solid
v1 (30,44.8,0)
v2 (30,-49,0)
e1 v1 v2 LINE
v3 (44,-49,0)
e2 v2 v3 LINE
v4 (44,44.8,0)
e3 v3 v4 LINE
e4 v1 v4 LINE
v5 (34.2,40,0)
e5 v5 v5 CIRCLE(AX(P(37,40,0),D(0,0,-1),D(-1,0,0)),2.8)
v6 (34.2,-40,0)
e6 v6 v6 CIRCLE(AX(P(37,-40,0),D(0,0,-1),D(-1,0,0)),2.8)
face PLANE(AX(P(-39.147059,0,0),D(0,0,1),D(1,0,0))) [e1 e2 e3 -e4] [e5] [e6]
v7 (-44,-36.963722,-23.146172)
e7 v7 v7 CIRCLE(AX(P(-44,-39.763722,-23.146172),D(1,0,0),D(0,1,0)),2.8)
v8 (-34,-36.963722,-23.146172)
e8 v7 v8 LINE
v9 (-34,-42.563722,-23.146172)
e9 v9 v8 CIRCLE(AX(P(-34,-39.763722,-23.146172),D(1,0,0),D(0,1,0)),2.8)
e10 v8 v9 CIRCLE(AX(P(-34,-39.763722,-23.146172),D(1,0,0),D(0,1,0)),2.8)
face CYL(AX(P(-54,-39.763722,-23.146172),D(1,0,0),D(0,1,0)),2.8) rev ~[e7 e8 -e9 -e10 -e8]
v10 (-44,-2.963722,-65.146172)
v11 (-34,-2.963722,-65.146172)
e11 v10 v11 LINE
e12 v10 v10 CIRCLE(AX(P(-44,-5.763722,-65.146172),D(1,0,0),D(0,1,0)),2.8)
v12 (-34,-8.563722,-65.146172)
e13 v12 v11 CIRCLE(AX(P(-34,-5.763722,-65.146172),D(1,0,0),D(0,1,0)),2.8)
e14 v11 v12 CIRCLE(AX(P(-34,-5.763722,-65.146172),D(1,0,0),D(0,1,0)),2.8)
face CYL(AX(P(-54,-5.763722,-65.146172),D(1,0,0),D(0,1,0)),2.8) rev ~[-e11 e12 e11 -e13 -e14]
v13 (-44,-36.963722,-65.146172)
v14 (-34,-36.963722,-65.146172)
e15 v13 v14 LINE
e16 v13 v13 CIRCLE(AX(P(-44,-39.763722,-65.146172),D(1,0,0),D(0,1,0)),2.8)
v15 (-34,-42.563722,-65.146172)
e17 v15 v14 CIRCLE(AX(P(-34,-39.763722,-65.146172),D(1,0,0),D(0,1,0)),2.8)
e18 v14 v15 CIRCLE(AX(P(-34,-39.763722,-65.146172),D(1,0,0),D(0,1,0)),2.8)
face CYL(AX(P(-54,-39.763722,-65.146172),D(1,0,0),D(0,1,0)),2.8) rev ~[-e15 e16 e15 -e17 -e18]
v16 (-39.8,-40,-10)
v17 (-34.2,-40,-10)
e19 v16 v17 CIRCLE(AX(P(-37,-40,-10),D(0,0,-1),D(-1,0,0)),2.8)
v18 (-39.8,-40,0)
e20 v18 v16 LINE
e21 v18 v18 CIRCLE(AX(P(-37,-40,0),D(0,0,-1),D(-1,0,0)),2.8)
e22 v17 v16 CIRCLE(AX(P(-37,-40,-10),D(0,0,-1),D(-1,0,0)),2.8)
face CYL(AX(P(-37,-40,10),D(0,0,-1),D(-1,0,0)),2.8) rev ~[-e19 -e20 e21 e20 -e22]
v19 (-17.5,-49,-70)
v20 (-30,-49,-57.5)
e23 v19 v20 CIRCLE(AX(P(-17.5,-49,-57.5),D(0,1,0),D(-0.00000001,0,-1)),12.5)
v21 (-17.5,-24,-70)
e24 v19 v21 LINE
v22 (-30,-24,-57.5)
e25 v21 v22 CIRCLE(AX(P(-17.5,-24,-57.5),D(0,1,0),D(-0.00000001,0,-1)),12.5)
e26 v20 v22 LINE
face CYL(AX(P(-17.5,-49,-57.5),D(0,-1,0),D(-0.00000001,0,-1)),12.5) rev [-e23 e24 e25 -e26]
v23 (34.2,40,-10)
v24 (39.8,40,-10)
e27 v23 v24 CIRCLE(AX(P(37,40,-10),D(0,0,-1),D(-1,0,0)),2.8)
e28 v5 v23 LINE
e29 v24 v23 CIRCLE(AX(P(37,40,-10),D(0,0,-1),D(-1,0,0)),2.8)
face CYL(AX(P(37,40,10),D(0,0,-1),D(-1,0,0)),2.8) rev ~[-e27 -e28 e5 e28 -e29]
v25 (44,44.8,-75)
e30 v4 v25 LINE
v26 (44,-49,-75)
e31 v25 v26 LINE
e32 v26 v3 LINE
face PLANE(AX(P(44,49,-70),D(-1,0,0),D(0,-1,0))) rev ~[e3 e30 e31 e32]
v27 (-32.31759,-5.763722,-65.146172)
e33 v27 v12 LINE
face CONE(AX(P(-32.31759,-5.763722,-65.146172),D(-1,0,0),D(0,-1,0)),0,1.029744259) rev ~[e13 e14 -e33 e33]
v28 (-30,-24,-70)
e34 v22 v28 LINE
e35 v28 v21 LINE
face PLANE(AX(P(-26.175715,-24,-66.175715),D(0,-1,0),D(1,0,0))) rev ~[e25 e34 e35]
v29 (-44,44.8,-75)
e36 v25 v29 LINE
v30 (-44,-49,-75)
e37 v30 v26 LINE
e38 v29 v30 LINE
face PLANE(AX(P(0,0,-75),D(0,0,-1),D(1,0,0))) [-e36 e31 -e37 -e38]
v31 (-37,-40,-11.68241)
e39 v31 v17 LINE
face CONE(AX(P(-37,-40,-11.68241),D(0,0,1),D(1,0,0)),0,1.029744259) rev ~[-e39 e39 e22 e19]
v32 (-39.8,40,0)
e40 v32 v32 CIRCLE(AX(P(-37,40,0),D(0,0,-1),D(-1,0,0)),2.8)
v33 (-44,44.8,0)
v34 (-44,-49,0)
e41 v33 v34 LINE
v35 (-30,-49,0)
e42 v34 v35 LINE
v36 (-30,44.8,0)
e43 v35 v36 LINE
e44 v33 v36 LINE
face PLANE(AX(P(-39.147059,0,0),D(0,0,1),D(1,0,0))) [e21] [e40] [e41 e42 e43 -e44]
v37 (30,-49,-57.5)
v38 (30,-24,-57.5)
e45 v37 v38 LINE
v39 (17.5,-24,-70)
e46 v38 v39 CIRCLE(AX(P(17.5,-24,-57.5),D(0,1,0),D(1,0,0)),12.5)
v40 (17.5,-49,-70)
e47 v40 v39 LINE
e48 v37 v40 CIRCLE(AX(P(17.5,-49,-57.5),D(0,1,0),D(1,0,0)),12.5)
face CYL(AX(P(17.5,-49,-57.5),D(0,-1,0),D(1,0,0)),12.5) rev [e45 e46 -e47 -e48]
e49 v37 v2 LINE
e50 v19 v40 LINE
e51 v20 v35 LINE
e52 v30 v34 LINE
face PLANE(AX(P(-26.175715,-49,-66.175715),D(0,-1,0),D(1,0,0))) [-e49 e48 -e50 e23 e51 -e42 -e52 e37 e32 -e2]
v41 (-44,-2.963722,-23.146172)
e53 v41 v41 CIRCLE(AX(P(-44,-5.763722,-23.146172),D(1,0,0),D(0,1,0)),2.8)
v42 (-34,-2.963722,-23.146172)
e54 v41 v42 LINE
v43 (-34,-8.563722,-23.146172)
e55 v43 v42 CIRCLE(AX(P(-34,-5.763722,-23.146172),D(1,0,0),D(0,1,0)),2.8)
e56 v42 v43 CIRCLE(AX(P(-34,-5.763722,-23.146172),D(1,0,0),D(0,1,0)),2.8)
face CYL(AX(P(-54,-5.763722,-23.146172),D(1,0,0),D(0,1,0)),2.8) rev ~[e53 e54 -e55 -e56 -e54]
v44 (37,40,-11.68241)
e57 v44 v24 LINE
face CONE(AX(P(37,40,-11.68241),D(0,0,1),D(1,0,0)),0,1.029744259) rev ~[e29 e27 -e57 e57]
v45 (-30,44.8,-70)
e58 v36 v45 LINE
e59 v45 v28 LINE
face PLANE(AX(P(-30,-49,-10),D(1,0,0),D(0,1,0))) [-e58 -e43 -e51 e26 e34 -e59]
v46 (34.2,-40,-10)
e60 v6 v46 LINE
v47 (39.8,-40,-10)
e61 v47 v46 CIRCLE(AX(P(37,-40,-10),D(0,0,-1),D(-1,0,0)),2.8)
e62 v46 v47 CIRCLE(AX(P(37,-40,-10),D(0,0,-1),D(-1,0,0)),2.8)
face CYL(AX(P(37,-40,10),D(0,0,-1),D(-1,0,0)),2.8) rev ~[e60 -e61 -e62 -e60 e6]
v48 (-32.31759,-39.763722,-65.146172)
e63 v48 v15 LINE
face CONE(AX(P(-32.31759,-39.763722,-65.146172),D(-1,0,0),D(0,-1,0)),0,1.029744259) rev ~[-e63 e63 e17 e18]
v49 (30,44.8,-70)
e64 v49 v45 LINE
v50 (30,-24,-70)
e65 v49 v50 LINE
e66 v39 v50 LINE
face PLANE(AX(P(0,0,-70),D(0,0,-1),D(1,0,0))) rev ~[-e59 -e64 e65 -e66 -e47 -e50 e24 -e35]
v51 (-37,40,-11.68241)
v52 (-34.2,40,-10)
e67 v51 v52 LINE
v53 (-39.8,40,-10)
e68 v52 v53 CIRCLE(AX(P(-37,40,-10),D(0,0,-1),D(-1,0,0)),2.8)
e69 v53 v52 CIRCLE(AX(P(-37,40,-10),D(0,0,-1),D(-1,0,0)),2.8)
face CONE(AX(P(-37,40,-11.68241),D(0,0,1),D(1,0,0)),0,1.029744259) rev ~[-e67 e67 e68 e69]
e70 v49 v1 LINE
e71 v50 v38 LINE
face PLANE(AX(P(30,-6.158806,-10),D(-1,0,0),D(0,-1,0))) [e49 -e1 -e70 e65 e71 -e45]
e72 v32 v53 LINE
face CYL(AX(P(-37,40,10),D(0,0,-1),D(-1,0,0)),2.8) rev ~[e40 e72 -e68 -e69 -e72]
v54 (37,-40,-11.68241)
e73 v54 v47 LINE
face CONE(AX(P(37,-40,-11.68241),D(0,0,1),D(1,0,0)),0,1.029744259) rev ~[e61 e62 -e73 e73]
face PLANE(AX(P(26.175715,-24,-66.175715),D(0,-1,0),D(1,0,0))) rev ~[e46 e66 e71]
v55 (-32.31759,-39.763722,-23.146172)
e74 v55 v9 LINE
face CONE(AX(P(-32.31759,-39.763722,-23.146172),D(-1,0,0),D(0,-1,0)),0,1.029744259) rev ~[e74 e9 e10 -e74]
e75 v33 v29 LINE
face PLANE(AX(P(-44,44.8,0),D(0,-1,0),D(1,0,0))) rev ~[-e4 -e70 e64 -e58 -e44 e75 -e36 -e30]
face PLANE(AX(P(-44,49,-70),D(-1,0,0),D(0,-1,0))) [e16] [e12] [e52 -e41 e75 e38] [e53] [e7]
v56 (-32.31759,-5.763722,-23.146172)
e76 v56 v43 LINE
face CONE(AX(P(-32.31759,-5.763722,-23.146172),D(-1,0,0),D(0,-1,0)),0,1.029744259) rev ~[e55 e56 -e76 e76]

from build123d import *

# Parameters (mm, degrees)
F0_W      = 60
F0_H      = 12.3176118359
F1_DEPTH  = 10
F2_DEPTH  = 60
F3_W      = 88
F3_H      = 98
F4_DEPTH  = 5
F5_DEPTH  = 70
F6_D      = 5.6
F6_DEPTH  = 10
F6_TIP    = 1.6824097333
F8_DEPTH  = 25
F9_W      = 88
F9_H      = 4.2
F10_DEPTH = 75.001
F12_D     = 5.6
F12_DEPTH = 10
F12_TIP   = 1.6824097333


with BuildPart() as f1:
    # F0 (on Top) → F1 (new body)
    with BuildSketch(Plane.XY):
        Polygon((-37, 40), (-30, 40), (-30, 49), (-44, 49), (-44, -49), (-30, -49), (-30, -40), (-37, -40), align=None)
        Polygon((-30, -6.1588059179), (-30, 6.1588059179), (-30, 40), (-37, 40), (-37, -40), (-30, -40), align=None)
        Rectangle(F0_W, F0_H)
        Polygon((37, -40), (37, 40), (30, 40), (30, 6.1588059179), (30, -6.1588059179), (30, -40), align=None)
        Polygon((30, 40), (37, 40), (37, -40), (30, -40), (30, -49), (44, -49), (44, 49), (30, 49), align=None)
    extrude(amount=-F1_DEPTH)

    # F2 (add): a face of the model
    f2_faces = [f1.faces().sort_by_distance(p)[0] for p in [
        (0, 0, -10),
    ]]
    extrude(f2_faces, amount=F2_DEPTH)

    # F3 (on face) → F4 (join)
    with BuildSketch(Plane(origin=(0, 0, -70), x_dir=(1, 0, 0), z_dir=(0, 0, -1))):
        Rectangle(F3_W, F3_H)
    extrude(amount=F4_DEPTH)

    # F0 (on Top) → F5 (cut, through all)
    with BuildSketch(Plane.XY):
        Rectangle(F0_W, F0_H)
    extrude(amount=-F5_DEPTH, mode=Mode.SUBTRACT)

    # F6
    with Locations(Plane.XY):
        with Locations((-37, 40), (-37, -40), (37, -40), (37, 40)):
            Hole(F6_D / 2, depth=F6_DEPTH)
            with Locations((0, 0, -(F6_DEPTH + F6_TIP / 2))):  # 118° drill point
                Cone(0, F6_D / 2, F6_TIP, mode=Mode.SUBTRACT)

    # F7 (on face) → F8 (join)
    with BuildSketch(Plane.XZ.offset(49)):
        with BuildLine():
            ThreePointArc((-17.500000122, -70), (-26.338834808, -66.3388347217), (-30, -57.5))
            Line((-30, -57.5), (-30, -70))
            Line((-30, -70), (-17.500000122, -70))
        make_face()
        with BuildLine():
            ThreePointArc((30, -57.5), (26.3388347648, -66.3388347648), (17.5, -70))
            Line((17.5, -70), (30, -70))
            Line((30, -70), (30, -57.5))
        make_face()
    extrude(amount=-F8_DEPTH)

    # F9 (on face) → F10 (cut, through all)
    with BuildSketch(Plane.XY):
        with Locations((0, 46.9)):
            Rectangle(F9_W, F9_H)
    extrude(amount=-F10_DEPTH, mode=Mode.SUBTRACT)

    # F12
    with Locations(Plane(origin=(-44, 0, 0), x_dir=(0, -1, 0), z_dir=(-1, 0, 0))):
        with Locations((5.7637224598, -23.1461717886), (39.7637224598, -23.1461717886), (5.7637224598, -65.1461717886), (39.7637224598, -65.1461717886)):
            Hole(F12_D / 2, depth=F12_DEPTH)
            with Locations((0, 0, -(F12_DEPTH + F12_TIP / 2))):  # 118° drill point
                Cone(0, F12_D / 2, F12_TIP, mode=Mode.SUBTRACT)


solid = f1.part
